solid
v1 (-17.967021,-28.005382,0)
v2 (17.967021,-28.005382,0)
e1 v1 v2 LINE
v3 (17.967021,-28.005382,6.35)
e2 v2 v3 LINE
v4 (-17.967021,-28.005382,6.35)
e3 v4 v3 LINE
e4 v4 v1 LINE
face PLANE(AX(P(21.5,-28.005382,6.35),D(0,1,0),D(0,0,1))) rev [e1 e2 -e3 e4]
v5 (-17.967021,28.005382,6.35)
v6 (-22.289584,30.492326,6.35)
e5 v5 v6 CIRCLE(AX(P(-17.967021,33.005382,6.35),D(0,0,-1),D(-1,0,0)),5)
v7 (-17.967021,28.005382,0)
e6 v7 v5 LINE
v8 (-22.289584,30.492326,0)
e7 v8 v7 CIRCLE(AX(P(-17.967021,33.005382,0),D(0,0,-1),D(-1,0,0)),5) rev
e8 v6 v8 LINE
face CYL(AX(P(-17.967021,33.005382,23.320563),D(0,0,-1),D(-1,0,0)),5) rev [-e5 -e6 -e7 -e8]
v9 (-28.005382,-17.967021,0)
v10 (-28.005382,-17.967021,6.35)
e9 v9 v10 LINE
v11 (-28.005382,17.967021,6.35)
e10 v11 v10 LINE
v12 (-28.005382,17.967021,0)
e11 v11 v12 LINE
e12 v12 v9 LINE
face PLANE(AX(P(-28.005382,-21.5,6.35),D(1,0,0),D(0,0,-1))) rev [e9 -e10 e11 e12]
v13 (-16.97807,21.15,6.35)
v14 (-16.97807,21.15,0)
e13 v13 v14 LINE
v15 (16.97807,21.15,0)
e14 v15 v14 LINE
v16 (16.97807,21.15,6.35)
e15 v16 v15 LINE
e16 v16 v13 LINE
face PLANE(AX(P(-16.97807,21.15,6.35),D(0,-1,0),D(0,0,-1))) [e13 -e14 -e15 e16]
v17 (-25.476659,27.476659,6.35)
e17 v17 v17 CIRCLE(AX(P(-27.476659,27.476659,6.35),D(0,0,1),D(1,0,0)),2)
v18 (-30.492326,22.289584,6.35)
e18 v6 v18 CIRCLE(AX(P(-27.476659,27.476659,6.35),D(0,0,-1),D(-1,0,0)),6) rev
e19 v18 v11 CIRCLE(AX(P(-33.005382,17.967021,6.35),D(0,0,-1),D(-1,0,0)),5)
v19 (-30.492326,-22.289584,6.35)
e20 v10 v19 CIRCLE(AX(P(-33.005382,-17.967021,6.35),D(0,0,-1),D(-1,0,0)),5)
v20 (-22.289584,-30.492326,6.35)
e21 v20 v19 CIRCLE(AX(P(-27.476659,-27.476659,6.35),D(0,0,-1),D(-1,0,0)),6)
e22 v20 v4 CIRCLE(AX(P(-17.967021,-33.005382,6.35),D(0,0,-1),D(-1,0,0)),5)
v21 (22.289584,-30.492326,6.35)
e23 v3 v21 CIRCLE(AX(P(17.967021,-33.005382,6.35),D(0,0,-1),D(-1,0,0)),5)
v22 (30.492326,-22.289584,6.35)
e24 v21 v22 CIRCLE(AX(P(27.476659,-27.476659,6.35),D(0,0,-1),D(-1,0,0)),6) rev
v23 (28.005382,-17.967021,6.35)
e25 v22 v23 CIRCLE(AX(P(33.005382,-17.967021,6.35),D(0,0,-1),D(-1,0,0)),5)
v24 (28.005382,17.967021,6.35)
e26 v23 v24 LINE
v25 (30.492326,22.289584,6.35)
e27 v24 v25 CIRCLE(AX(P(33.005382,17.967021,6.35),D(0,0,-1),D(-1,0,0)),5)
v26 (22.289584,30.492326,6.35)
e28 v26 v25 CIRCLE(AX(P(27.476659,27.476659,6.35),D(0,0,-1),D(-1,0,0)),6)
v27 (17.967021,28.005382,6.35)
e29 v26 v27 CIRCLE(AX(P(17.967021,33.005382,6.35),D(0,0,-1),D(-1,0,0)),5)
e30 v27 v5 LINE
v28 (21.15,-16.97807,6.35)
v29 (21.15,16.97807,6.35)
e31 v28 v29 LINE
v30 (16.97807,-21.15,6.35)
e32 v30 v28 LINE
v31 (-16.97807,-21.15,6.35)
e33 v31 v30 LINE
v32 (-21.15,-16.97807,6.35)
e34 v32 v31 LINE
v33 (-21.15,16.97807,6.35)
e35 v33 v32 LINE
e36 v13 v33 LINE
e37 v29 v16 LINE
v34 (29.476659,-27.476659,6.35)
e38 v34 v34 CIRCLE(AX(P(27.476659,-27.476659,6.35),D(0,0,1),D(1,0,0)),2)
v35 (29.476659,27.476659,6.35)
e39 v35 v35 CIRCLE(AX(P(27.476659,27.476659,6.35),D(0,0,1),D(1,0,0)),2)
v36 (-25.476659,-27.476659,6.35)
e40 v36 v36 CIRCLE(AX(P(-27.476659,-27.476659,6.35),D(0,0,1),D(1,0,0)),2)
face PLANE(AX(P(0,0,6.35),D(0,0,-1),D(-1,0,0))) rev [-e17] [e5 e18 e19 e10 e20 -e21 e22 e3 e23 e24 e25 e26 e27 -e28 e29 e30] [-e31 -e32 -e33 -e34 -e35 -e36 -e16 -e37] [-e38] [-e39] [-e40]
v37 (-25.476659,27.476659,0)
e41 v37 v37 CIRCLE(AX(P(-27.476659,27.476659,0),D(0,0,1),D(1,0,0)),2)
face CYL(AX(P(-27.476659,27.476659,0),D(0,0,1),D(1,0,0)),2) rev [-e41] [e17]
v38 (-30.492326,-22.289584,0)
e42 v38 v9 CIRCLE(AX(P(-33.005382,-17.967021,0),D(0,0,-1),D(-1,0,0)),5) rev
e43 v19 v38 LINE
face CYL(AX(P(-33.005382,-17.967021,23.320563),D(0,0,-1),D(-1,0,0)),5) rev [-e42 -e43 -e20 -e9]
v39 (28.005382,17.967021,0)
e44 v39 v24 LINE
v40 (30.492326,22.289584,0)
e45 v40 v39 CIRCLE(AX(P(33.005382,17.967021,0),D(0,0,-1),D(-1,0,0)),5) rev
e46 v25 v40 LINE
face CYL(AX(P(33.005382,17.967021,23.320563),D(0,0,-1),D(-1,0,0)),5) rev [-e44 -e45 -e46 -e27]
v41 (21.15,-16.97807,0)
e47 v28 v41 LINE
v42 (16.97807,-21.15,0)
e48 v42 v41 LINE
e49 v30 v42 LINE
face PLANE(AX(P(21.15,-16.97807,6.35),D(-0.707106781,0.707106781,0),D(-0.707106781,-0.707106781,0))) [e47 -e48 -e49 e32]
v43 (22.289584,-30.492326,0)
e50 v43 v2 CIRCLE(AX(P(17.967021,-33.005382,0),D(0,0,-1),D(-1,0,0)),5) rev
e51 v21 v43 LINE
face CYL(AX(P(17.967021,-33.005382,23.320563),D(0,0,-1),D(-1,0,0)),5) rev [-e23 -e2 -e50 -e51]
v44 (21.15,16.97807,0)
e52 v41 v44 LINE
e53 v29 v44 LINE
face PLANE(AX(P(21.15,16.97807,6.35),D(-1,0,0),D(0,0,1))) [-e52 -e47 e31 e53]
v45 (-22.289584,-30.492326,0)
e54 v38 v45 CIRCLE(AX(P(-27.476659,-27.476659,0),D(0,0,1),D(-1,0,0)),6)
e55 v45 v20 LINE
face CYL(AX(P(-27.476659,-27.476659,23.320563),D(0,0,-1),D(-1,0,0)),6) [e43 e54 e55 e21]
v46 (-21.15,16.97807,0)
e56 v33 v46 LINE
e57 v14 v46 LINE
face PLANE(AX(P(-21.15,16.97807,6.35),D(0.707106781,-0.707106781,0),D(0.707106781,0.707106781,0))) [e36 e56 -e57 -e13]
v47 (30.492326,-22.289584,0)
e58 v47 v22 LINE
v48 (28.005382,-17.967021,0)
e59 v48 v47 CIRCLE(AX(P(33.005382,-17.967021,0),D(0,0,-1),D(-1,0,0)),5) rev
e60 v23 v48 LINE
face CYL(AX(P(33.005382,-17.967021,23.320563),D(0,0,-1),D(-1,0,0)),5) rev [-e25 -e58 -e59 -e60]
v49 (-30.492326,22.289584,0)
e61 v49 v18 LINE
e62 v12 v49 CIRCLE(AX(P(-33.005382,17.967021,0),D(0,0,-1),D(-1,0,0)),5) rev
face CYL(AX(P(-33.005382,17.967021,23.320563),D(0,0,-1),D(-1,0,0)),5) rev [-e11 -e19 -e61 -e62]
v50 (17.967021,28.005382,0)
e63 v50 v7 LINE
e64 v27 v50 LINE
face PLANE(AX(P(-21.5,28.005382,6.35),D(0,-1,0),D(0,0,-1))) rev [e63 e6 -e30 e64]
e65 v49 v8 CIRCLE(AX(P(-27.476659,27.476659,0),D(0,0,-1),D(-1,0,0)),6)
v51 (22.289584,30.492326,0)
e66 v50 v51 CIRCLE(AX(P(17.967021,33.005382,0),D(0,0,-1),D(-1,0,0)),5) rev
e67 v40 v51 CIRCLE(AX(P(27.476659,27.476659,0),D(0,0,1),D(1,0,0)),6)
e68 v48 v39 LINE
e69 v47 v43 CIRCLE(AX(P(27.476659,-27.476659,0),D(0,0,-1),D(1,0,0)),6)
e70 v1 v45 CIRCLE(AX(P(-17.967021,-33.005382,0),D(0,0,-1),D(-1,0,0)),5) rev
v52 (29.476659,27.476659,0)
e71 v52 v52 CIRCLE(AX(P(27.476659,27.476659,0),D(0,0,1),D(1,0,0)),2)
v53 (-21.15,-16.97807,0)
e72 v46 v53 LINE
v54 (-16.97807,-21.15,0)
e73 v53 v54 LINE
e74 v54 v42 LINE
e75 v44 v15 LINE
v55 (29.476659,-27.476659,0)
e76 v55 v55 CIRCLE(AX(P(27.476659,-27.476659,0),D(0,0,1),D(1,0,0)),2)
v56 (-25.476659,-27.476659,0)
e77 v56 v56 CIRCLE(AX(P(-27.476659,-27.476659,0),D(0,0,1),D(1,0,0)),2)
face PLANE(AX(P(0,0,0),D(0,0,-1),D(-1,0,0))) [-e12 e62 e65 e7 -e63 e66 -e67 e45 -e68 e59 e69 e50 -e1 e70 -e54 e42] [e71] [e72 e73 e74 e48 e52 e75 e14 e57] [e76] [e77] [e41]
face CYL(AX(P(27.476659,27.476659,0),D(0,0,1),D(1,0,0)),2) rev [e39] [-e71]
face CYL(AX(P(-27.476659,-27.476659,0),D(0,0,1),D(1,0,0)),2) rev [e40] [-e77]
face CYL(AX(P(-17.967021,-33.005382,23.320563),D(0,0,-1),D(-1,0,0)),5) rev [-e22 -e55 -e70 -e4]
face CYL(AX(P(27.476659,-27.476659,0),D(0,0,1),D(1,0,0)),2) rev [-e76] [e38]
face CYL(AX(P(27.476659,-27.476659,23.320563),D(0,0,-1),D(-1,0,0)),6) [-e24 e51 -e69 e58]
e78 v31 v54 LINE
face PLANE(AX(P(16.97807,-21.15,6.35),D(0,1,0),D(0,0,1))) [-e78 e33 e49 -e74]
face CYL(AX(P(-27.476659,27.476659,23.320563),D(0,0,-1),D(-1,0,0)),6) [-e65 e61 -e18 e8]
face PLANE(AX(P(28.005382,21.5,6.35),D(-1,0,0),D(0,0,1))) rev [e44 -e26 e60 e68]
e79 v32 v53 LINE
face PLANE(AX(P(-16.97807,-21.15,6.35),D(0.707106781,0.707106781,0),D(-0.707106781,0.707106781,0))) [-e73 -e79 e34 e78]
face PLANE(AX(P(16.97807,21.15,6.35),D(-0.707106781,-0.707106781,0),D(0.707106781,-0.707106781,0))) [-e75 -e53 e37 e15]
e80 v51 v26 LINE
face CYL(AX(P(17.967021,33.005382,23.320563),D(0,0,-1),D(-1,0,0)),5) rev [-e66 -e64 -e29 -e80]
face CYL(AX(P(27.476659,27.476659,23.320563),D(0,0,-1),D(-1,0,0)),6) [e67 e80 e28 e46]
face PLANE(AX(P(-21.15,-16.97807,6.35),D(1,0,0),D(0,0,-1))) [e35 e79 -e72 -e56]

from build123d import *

# Parameters (mm, degrees)
BOSS_EXTRU_2_DEPTH        = 6.35
ESQUISSE29_R              = 6
BOSS_EXTRU_3_DEPTH        = 6.35
SYM_TRIE2_COPY_1_SKETCH_R = 6
SYM_TRIE2_COPY_1_DEPTH    = 6.35
ESQUISSE30_R              = 2
ENL_V_MAT_EXTRU_1_DEPTH   = 48.7671004
CONG_1_R                  = 5


with BuildPart() as part:
    # Esquisse28 → Boss.-Extru.2 (new body)
    with BuildSketch(Plane.XY):
        Polygon((-21.5, -28.005382387), (-28.005382387, -21.5), (-28.005382387, 21.5), (-21.5, 28.005382387), (21.5, 28.005382387), (28.005382387, 21.5), (28.005382387, -21.5), (21.5, -28.005382387), align=None)
        Polygon((-16.978069991, -21.15), (-21.15, -16.978069991), (-21.15, 16.978069991), (-16.978069991, 21.15), (16.978069991, 21.15), (21.15, 16.978069991), (21.15, -16.978069991), (16.978069991, -21.15), align=None, mode=Mode.SUBTRACT)
    extrude(amount=BOSS_EXTRU_2_DEPTH)

    # Esquisse29 → Boss.-Extru.3 (add)
    with BuildSketch(Plane.XY):
        with Locations((27.476658888, 27.476658888)):
            Circle(ESQUISSE29_R)
    boss_extru_3 = extrude(amount=BOSS_EXTRU_3_DEPTH)

    # Symétrie1: Boss.-Extru.3 across plane
    add(boss_extru_3.mirror(Plane(origin=(0, 0, 0), x_dir=(0, 0, 1), z_dir=(1, 0, 0))))

    # Symétrie2: Boss.-Extru.3 across plane
    add(boss_extru_3.mirror(Plane.ZX))

    # Symétrie2 copy 1 sketch → Symétrie2 copy 1 (add)
    with BuildSketch(Plane(origin=(0, 0, 0), x_dir=(-1, 0, 0), z_dir=(0, 0, 1))):
        with Locations((27.476658888, 27.476658888)):
            Circle(SYM_TRIE2_COPY_1_SKETCH_R)
    extrude(amount=SYM_TRIE2_COPY_1_DEPTH)

    # Esquisse30 → Enlèv. mat.-Extru.1 (cut, through all)
    with BuildSketch(Plane.XY.offset(6.35)):
        with Locations((-27.476658888, 27.476658888)):
            Circle(ESQUISSE30_R)
        with Locations((27.476658888, 27.476658888)):
            Circle(ESQUISSE30_R)
        with Locations((27.476658888, -27.476658888)):
            Circle(ESQUISSE30_R)
        with Locations((-27.476658888, -27.476658888)):
            Circle(ESQUISSE30_R)
    extrude(amount=-ENL_V_MAT_EXTRU_1_DEPTH, mode=Mode.SUBTRACT)

    # Congé1
    cong_1_edges = [part.edges().sort_by_distance(p)[0] for p in [
        (-21.5, -28.005382387, 3.175),
        (-28.005382387, -21.5, 3.175),
        (-28.005382387, 21.5, 3.175),
        (-21.5, 28.005382387, 3.175),
        (21.5, 28.005382387, 3.175),
        (28.005382387, 21.5, 3.175),
        (28.005382387, -21.5, 3.175),
        (21.5, -28.005382387, 3.175),
    ]]
    fillet(cong_1_edges, radius=CONG_1_R)


solid = part.part
